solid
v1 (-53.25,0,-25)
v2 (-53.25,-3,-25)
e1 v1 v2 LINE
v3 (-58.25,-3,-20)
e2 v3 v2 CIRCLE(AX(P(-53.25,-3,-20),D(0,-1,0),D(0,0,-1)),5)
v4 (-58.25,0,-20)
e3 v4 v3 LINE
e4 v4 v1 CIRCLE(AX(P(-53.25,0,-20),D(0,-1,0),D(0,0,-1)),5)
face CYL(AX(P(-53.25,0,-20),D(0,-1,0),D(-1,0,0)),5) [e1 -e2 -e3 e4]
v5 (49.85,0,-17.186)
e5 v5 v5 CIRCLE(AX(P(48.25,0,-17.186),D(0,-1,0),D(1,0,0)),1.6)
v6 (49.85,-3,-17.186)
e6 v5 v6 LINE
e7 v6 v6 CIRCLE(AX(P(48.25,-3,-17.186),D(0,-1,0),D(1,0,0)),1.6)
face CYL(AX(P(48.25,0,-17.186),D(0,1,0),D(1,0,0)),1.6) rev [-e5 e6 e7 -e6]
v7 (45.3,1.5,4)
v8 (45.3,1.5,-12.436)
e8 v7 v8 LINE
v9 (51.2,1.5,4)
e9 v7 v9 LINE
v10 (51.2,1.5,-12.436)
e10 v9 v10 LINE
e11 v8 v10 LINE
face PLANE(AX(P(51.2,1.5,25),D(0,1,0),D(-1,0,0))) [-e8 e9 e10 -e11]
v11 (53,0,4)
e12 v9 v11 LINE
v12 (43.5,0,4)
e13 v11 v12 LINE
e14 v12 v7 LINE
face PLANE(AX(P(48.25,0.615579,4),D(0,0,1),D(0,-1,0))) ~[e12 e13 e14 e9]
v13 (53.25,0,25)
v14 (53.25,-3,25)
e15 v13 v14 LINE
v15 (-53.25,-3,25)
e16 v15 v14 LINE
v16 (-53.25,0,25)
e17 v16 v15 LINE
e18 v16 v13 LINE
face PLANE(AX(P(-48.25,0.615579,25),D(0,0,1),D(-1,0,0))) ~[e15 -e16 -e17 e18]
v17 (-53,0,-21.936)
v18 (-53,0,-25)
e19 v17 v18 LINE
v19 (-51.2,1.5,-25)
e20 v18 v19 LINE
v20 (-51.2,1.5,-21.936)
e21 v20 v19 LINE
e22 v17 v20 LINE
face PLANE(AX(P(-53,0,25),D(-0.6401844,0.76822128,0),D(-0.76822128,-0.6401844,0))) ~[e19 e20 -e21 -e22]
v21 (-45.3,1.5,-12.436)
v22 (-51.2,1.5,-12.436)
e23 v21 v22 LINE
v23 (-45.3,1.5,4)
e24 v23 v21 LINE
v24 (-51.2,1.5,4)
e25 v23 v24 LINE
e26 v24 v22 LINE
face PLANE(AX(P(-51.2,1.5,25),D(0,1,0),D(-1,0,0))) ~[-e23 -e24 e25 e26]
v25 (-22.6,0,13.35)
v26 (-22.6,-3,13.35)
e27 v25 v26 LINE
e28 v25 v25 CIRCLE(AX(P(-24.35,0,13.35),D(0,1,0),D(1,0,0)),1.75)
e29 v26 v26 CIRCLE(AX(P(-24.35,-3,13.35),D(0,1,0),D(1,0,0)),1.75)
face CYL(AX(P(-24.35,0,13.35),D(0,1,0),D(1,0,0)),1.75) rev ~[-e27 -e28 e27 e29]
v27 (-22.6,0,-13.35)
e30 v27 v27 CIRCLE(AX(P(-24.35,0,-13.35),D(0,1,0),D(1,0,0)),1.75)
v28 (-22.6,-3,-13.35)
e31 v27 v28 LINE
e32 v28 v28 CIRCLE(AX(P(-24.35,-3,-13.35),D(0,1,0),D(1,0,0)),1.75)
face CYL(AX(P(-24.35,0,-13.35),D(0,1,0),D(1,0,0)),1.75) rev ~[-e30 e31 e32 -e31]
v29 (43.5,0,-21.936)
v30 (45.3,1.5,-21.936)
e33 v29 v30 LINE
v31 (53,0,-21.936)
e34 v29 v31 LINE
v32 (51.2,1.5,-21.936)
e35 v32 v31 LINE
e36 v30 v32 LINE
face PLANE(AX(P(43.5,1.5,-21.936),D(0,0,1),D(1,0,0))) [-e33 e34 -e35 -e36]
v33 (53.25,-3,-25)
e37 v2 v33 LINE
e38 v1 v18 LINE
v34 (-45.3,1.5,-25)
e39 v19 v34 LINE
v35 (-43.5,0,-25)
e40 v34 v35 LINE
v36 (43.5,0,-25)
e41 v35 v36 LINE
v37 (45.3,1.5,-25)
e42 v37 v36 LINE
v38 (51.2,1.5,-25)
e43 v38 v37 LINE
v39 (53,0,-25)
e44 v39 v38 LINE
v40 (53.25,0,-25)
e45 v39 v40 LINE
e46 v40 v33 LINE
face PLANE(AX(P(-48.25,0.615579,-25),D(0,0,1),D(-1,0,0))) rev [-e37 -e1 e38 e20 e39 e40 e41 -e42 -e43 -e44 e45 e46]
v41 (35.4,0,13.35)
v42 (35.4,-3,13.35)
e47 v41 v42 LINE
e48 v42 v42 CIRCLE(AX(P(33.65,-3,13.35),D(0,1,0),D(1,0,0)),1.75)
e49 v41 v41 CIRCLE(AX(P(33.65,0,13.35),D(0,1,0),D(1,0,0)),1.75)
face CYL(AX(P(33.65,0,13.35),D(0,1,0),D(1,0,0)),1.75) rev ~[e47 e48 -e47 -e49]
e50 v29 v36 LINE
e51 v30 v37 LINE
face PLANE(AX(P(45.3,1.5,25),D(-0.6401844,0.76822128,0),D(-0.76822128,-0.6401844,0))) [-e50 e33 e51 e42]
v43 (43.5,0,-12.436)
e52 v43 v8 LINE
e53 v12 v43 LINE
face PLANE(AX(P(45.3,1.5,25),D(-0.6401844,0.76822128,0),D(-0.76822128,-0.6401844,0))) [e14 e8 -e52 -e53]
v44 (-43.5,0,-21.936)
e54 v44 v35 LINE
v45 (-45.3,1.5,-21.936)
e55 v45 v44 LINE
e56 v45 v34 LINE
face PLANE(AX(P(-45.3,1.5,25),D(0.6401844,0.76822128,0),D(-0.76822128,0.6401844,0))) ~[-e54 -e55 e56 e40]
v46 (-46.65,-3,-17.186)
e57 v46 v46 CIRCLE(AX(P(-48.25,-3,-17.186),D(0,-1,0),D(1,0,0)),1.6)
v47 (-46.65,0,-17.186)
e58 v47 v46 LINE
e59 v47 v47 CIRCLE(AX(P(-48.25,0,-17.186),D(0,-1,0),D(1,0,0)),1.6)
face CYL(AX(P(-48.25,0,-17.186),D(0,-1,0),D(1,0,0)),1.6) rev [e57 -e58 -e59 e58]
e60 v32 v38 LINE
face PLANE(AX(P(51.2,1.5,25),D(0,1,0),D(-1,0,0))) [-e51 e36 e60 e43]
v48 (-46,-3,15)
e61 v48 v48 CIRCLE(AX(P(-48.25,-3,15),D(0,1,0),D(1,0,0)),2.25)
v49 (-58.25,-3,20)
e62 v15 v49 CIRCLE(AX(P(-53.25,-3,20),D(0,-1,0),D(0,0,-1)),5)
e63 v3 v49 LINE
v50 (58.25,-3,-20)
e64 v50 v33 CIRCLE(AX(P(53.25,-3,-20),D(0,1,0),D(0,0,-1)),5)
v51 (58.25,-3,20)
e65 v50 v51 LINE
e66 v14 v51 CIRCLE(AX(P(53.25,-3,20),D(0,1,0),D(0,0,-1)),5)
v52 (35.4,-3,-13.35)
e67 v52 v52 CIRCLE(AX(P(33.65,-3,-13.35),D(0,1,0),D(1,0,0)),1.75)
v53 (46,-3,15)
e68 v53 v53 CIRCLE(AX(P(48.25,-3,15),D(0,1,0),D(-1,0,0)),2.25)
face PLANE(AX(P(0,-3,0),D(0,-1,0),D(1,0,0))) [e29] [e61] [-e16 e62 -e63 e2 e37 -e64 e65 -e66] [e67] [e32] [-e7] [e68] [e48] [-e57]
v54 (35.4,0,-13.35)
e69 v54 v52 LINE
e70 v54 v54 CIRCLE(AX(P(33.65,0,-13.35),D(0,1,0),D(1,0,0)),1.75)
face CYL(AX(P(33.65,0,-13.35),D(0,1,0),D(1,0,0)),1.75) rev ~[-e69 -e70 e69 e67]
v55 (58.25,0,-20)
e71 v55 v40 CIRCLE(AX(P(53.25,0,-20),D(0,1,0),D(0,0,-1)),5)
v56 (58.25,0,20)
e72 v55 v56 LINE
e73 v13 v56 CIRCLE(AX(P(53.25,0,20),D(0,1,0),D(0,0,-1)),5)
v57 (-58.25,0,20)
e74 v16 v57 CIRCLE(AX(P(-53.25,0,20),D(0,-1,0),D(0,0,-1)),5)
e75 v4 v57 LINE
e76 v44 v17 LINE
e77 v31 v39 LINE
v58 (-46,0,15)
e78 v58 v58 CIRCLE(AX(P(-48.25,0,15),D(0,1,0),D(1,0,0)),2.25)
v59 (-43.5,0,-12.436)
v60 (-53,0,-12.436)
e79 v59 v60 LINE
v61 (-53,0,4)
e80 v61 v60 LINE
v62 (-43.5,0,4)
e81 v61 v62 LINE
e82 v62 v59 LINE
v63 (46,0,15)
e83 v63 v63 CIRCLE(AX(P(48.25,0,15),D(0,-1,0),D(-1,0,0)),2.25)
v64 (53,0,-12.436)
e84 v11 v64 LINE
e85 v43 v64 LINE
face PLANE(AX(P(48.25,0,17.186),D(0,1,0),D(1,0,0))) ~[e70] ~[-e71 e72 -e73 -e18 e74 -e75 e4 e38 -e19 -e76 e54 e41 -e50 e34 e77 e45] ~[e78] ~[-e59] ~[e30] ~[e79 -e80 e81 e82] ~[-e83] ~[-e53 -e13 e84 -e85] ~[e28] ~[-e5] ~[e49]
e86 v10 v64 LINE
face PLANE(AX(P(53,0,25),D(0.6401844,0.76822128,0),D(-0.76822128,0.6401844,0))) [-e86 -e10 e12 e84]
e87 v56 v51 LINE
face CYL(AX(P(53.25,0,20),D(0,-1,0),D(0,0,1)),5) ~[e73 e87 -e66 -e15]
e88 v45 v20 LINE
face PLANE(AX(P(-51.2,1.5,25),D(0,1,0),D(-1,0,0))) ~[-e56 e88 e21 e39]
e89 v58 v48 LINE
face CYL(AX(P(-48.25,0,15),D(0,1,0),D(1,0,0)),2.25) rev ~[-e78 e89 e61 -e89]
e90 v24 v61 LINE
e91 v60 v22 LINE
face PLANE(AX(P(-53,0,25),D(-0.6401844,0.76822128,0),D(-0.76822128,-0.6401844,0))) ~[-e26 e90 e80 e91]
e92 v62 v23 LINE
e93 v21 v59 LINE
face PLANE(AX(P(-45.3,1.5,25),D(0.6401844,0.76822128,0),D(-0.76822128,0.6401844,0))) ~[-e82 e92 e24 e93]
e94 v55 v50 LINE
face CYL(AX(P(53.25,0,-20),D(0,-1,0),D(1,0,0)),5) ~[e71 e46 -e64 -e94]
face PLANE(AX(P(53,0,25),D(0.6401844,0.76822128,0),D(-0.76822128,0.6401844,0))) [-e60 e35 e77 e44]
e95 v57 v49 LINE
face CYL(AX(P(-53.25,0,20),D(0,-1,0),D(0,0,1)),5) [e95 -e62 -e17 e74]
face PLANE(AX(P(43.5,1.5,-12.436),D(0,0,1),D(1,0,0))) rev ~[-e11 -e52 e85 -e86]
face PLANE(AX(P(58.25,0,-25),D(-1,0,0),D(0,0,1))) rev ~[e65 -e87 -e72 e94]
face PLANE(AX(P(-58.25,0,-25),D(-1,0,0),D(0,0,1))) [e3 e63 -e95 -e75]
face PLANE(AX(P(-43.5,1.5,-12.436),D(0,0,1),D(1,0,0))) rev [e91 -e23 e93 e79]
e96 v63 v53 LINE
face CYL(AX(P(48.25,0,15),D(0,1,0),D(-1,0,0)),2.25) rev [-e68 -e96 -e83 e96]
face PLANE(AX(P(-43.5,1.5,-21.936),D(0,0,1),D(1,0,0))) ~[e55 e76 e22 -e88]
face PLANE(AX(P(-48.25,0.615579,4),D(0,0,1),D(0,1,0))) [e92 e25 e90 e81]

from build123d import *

# Parameters (mm, degrees)
SKETCH_W        = 116.5
SKETCH_H        = 50
SKETCH_R        = 1.6
PAD_DEPTH       = 3
PAD001_DEPTH    = 50
PAD001_FACE18_R = 1.6
POCKET_DEPTH    = 255.213436
SKETCH002_W     = 9.5
SKETCH002_H     = 9.5
POCKET001_DEPTH = 1.5
SKETCH003_R     = 1.75
POCKET002_DEPTH = 5
POCKET003_DEPTH = 21
SKETCH004_R     = 1.6
PAD002_DEPTH    = 3
SKETCH005_R     = 2.25
POCKET004_DEPTH = 256.713436
FILLET_R        = 5


with BuildPart() as part:
    # Sketch → Pad (new body)
    with BuildSketch(Plane.XZ):
        Rectangle(SKETCH_W, SKETCH_H)
        with Locations((-48.25, 17.186)):
            Circle(SKETCH_R, mode=Mode.SUBTRACT)
        with Locations((-48.25, -17.186)):
            Circle(SKETCH_R, mode=Mode.SUBTRACT)
        with Locations((48.25, -17.186)):
            Circle(SKETCH_R, mode=Mode.SUBTRACT)
        with Locations((48.25, 17.186)):
            Circle(SKETCH_R, mode=Mode.SUBTRACT)
    extrude(amount=PAD_DEPTH)

    # Sketch001 (on Face1 of Pad) → Pad001 (join)
    with BuildSketch(Plane(origin=(0, 0, 25), x_dir=(-1, 0, 0), z_dir=(0, 0, 1))):
        Polygon((-51.2, -1.5), (-45.3, -1.5), (-43.5, 0), (-53, 0), align=None)
    pad001 = extrude(amount=-PAD001_DEPTH)

    # Pad001 Face18 → Pocket (cut, through all)
    with BuildSketch(Plane(origin=(48.25, 0, -17.186), x_dir=(-1, 0, 0), z_dir=(0, -1, 0))):
        Circle(PAD001_FACE18_R)
    pocket = extrude(amount=-POCKET_DEPTH, mode=Mode.SUBTRACT)

    # Sketch002 (on Face12 of Pocket) → Pocket001 (cut)
    with BuildSketch(Plane(origin=(0, 1.5, 0), x_dir=(1, 0, 0), z_dir=(0, 1, 0))):
        with Locations((48.25, 17.186)):
            Rectangle(SKETCH002_W, SKETCH002_H)
        with Locations((48.25, -17.186)):
            Rectangle(SKETCH002_W, SKETCH002_H)
    pocket001 = extrude(amount=-POCKET001_DEPTH, mode=Mode.SUBTRACT)

    # Mirrored: Pad001, Pocket, Pocket001 across YZ
    add(pad001.mirror(Plane.YZ))
    add(pocket.mirror(Plane.YZ), mode=Mode.SUBTRACT)
    add(pocket001.mirror(Plane.YZ), mode=Mode.SUBTRACT)

    # Sketch003 (on Face6 of Mirrored) → Pocket002 (cut)
    with BuildSketch(Plane(origin=(0, 0, 0), x_dir=(1, 0, 0), z_dir=(0, 1, 0))):
        with Locations((-24.35, -13.35)):
            Circle(SKETCH003_R)
        with Locations((33.65, -13.35)):
            Circle(SKETCH003_R)
        with Locations((33.65, 13.35)):
            Circle(SKETCH003_R)
        with Locations((-24.35, 13.35)):
            Circle(SKETCH003_R)
    extrude(amount=-POCKET002_DEPTH, mode=Mode.SUBTRACT)

    # Pocket002 Face5 → Pocket003 (cut)
    with BuildSketch(Plane(origin=(-48.25, 0.691558, 25), x_dir=(0, 1, 0), z_dir=(0, 0, 1))):
        Polygon((0.808442, -2.95), (0.808442, 2.95), (-0.691558, 4.75), (-0.691558, -4.75), align=None)
    pocket003 = extrude(amount=-POCKET003_DEPTH, mode=Mode.SUBTRACT)

    # Sketch004 (on Face11 of Pocket003) → Pad002 (join)
    with BuildSketch(Plane(origin=(0, 0, 0), x_dir=(1, 0, 0), z_dir=(0, 1, 0))):
        with Locations((-48.25, -17.186)):
            Circle(SKETCH004_R)
    pad002 = extrude(amount=-PAD002_DEPTH)

    # Sketch005 (on Face6 of Pad002) → Pocket004 (cut, through all)
    with BuildSketch(Plane(origin=(0, 0, 0), x_dir=(1, 0, 0), z_dir=(0, 1, 0))):
        with Locations((-48.25, -15)):
            Circle(SKETCH005_R)
    pocket004 = extrude(amount=-POCKET004_DEPTH, mode=Mode.SUBTRACT)

    # Mirrored001: Pocket003, Pad002, Pocket004 across YZ
    add(pocket003.mirror(Plane.YZ), mode=Mode.SUBTRACT)
    add(pad002.mirror(Plane.YZ))
    add(pocket004.mirror(Plane.YZ), mode=Mode.SUBTRACT)

    # Fillet
    fillet_edges = [part.edges().sort_by_distance(p)[0] for p in [
        (58.25, -1.5, 25),
        (58.25, -1.5, -25),
        (-58.25, -1.5, 25),
        (-58.25, -1.5, -25),
    ]]
    fillet(fillet_edges, radius=FILLET_R)


solid = part.part
